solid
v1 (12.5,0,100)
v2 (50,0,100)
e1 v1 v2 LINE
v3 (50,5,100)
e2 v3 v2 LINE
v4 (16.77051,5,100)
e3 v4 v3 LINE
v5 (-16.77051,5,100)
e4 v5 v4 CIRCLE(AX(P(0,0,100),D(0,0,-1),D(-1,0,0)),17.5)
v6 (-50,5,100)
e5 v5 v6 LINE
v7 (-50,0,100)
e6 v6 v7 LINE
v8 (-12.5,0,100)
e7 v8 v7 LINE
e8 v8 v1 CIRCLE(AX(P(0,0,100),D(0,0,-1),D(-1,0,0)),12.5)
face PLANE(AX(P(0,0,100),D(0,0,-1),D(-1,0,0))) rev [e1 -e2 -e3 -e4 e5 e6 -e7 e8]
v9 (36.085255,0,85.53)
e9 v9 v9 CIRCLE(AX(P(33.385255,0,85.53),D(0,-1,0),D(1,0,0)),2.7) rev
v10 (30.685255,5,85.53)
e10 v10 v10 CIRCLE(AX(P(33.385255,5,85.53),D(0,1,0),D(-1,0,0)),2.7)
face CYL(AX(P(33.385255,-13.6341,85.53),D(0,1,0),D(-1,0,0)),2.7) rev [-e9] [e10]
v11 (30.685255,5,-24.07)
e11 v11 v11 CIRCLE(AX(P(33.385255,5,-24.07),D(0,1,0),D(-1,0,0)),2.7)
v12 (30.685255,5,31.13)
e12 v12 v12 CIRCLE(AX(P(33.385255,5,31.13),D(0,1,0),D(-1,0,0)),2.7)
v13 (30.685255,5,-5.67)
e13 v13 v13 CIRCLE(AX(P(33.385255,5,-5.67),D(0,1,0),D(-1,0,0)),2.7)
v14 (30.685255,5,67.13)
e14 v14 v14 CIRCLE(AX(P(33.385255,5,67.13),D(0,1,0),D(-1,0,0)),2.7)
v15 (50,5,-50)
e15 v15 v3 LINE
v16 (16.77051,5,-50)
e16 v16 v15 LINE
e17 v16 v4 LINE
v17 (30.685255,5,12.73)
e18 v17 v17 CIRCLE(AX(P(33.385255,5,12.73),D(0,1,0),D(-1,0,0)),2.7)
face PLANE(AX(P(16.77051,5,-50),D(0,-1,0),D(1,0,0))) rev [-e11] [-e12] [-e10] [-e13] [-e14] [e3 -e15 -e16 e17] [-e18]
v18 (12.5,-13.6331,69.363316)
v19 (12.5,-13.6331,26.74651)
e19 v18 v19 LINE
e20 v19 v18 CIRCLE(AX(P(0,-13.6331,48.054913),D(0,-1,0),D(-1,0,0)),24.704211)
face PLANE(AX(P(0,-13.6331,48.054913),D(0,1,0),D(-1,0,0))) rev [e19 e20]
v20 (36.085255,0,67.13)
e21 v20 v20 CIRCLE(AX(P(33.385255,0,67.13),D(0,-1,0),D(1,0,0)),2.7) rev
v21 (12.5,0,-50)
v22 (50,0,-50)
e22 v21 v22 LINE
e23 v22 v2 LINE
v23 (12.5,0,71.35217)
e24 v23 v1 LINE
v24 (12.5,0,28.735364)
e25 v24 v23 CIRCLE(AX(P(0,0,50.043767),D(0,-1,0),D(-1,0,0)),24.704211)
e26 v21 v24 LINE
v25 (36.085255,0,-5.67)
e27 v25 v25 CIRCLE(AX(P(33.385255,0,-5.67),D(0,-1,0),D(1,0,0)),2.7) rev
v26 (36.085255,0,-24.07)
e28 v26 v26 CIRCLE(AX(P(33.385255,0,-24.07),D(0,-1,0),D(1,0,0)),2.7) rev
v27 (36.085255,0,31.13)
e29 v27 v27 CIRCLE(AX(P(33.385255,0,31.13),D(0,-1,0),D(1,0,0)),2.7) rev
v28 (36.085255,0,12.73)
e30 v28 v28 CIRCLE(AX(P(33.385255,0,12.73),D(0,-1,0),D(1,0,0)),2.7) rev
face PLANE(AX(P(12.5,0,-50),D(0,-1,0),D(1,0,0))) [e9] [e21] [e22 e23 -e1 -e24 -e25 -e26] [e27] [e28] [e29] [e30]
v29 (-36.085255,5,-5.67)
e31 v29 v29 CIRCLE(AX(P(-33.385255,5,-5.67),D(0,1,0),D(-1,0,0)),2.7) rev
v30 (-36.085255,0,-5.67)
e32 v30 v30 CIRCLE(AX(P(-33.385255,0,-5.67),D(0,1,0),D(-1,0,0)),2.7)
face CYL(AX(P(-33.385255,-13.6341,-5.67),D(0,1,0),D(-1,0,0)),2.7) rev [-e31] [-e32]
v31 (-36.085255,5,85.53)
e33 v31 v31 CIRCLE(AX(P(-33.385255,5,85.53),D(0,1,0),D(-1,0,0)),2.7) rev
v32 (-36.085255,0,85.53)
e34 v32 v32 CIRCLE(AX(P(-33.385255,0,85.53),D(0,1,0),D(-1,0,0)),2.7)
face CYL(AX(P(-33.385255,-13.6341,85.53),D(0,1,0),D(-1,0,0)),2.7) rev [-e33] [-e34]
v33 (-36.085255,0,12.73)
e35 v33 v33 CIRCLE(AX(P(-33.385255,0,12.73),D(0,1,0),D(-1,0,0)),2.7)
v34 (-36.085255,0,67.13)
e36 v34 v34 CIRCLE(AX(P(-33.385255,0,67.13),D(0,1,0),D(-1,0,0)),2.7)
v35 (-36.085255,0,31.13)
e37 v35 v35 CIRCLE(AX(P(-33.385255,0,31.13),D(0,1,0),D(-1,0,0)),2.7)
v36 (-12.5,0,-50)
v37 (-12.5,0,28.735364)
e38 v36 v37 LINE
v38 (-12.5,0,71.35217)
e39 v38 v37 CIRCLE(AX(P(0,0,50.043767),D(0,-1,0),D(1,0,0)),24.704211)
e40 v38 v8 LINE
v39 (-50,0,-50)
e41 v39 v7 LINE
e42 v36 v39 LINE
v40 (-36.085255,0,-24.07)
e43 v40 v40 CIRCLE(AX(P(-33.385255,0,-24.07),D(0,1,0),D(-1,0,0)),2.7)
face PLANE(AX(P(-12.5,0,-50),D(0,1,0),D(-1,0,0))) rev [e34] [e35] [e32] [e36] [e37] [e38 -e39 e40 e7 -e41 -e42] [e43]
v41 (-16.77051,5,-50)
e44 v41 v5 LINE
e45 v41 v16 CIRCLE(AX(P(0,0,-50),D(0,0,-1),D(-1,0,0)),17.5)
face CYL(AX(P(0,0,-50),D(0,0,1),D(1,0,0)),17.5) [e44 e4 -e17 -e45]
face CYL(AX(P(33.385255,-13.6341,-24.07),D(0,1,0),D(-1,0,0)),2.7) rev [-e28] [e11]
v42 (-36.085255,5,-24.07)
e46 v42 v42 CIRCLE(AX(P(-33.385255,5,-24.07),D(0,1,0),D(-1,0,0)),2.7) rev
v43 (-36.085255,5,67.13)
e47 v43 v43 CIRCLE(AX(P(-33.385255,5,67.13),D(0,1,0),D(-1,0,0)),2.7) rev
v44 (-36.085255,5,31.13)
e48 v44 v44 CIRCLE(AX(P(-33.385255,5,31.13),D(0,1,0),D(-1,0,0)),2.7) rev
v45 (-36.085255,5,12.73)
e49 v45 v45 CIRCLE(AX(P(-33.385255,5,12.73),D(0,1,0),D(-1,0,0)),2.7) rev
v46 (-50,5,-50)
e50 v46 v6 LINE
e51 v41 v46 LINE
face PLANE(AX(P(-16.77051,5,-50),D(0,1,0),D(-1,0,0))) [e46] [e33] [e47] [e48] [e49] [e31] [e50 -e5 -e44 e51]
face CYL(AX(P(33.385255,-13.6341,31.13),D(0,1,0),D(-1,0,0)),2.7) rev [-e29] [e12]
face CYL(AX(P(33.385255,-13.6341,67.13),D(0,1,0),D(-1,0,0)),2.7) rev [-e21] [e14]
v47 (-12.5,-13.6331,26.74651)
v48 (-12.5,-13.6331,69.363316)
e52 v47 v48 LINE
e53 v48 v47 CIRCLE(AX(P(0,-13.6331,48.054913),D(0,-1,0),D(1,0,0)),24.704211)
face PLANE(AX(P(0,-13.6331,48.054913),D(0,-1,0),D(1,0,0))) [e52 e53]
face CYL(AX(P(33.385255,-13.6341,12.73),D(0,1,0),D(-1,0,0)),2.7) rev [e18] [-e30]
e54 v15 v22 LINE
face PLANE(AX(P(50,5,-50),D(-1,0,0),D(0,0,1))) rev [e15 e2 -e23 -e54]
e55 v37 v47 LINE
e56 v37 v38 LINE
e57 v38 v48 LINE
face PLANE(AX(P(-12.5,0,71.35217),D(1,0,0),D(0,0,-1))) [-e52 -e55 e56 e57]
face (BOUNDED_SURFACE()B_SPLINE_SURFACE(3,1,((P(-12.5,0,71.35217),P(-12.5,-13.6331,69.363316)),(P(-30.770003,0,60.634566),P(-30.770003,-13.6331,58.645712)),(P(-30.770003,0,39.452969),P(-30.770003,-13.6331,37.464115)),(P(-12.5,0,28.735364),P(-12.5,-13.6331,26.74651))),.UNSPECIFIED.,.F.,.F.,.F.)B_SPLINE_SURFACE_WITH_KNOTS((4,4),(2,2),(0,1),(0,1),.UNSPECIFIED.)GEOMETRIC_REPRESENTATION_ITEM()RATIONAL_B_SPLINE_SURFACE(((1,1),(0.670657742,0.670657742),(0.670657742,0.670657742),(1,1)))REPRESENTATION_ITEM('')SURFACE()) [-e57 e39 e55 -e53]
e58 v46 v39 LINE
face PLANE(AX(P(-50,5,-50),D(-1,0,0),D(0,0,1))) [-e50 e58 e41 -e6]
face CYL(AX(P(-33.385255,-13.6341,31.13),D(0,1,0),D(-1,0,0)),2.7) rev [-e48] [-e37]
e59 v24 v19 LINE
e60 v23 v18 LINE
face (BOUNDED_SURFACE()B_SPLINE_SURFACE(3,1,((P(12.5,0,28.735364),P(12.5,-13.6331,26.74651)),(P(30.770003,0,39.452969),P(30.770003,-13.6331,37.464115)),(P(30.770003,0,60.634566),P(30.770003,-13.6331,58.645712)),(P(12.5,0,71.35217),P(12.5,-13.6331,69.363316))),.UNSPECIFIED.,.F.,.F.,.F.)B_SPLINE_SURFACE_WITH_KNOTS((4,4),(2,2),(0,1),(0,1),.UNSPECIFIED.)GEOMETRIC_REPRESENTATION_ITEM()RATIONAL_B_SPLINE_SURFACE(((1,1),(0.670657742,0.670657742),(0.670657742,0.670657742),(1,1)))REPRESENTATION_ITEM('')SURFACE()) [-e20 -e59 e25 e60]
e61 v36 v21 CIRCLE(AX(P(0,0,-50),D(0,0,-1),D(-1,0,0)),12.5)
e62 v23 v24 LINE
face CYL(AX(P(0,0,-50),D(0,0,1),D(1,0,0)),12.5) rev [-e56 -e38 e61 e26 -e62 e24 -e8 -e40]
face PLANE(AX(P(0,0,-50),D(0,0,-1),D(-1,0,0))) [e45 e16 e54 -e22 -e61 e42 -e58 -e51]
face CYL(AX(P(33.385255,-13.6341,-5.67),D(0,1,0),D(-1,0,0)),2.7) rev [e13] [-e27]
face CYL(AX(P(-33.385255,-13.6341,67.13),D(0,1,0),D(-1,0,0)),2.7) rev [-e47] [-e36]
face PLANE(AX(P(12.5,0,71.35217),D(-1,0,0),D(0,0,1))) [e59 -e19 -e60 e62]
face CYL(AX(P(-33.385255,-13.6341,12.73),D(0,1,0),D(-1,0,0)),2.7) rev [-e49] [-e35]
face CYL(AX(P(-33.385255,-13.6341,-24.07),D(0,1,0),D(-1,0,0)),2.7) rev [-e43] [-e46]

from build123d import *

# Parameters (mm, degrees)
BOSS_EXTRUDE1_DEPTH      = 100
BOSS_EXTRUDE1_DEPTH_BACK = 50
CUT_EXTRUDE2_REACH       = 115.345
SKETCH6_R                = 2.7


with BuildPart() as part:
    # Sketch1 → Boss-Extrude1 (new, two sides: drawn at the far end of the back side and taken through both)
    with BuildSketch(Plane.XY.offset(-BOSS_EXTRUDE1_DEPTH_BACK)):
        with BuildLine():
            Line((-12.5, 0), (-50, 0))
            Line((-50, 0), (-50, 5))
            Line((-50, 5), (-16.770509831, 5))
            ThreePointArc((-16.770509831, 5), (0, 17.5), (16.770509831, 5))
            Line((16.770509831, 5), (50, 5))
            Line((50, 5), (50, 0))
            Line((50, 0), (12.5, 0))
            ThreePointArc((12.5, 0), (0, 12.5), (-12.5, 0))
        make_face()
    extrude(amount=BOSS_EXTRUDE1_DEPTH + BOSS_EXTRUDE1_DEPTH_BACK)

    # Sweep1: sweep along a path in Sketch4
    with BuildLine(Plane.ZY.offset(12.5)) as sweep1_path:
        Line((50.0437673, 0), (48.0549131, -13.633099982))
    # Sketch3 → Sweep1 (sweep)
    with BuildSketch(Plane.XZ):
        with BuildLine():
            Line((-12.5, 71.352170208), (-12.5, 28.735364392))
            ThreePointArc((-12.5, 28.735364392), (-24.704210866, 50.0437673), (-12.5, 71.352170208))
        make_face()
        with BuildLine():
            Line((12.5, 71.352170208), (12.5, 28.735364392))
            ThreePointArc((12.5, 28.735364392), (24.704210866, 50.0437673), (12.5, 71.352170208))
        make_face()
    sweep(path=sweep1_path.line)

    # Sketch6 → Cut-Extrude2 (cut, up to next)
    with BuildSketch(Plane(origin=(0, 5, 0), x_dir=(1, 0, 0), z_dir=(0, 1, 0)), mode=Mode.PRIVATE) as cut_extrude2_sk1:
        with Locations(Location((-33.385254916, 24.07, 0), (0, 0, 180))):
            Circle(SKETCH6_R)
    cut_extrude2_tool1 = extrude(cut_extrude2_sk1.sketch, amount=-CUT_EXTRUDE2_REACH, mode=Mode.PRIVATE) & part.part
    # Sketch6 → Cut-Extrude2 (cut, up to next)
    with BuildSketch(Plane(origin=(0, 5, 0), x_dir=(1, 0, 0), z_dir=(0, 1, 0)), mode=Mode.PRIVATE) as cut_extrude2_sk2:
        with Locations(Location((-33.385254916, 5.67, 0), (0, 0, 180))):
            Circle(SKETCH6_R)
    cut_extrude2_tool2 = extrude(cut_extrude2_sk2.sketch, amount=-CUT_EXTRUDE2_REACH, mode=Mode.PRIVATE) & part.part
    # Sketch6 → Cut-Extrude2 (cut, up to next)
    with BuildSketch(Plane(origin=(0, 5, 0), x_dir=(1, 0, 0), z_dir=(0, 1, 0)), mode=Mode.PRIVATE) as cut_extrude2_sk3:
        with Locations(Location((-33.385254916, -12.73, 0), (0, 0, 180))):
            Circle(SKETCH6_R)
    cut_extrude2_tool3 = extrude(cut_extrude2_sk3.sketch, amount=-CUT_EXTRUDE2_REACH, mode=Mode.PRIVATE) & part.part
    # Sketch6 → Cut-Extrude2 (cut, up to next)
    with BuildSketch(Plane(origin=(0, 5, 0), x_dir=(1, 0, 0), z_dir=(0, 1, 0)), mode=Mode.PRIVATE) as cut_extrude2_sk4:
        with Locations(Location((-33.385254916, -31.13, 0), (0, 0, 180))):
            Circle(SKETCH6_R)
    cut_extrude2_tool4 = extrude(cut_extrude2_sk4.sketch, amount=-CUT_EXTRUDE2_REACH, mode=Mode.PRIVATE) & part.part
    # Sketch6 → Cut-Extrude2 (cut, up to next)
    with BuildSketch(Plane(origin=(0, 5, 0), x_dir=(1, 0, 0), z_dir=(0, 1, 0)), mode=Mode.PRIVATE) as cut_extrude2_sk5:
        with Locations(Location((-33.385254916, -67.13, 0), (0, 0, 180))):
            Circle(SKETCH6_R)
    cut_extrude2_tool5 = extrude(cut_extrude2_sk5.sketch, amount=-CUT_EXTRUDE2_REACH, mode=Mode.PRIVATE) & part.part
    # Sketch6 → Cut-Extrude2 (cut, up to next)
    with BuildSketch(Plane(origin=(0, 5, 0), x_dir=(1, 0, 0), z_dir=(0, 1, 0)), mode=Mode.PRIVATE) as cut_extrude2_sk6:
        with Locations(Location((-33.385254916, -85.53, 0), (0, 0, 180))):
            Circle(SKETCH6_R)
    cut_extrude2_tool6 = extrude(cut_extrude2_sk6.sketch, amount=-CUT_EXTRUDE2_REACH, mode=Mode.PRIVATE) & part.part
    # Sketch6 → Cut-Extrude2 (cut, up to next)
    with BuildSketch(Plane(origin=(0, 5, 0), x_dir=(1, 0, 0), z_dir=(0, 1, 0)), mode=Mode.PRIVATE) as cut_extrude2_sk7:
        with Locations(Location((33.385254916, 24.07, 0), (0, 0, 180))):
            Circle(SKETCH6_R)
    cut_extrude2_tool7 = extrude(cut_extrude2_sk7.sketch, amount=-CUT_EXTRUDE2_REACH, mode=Mode.PRIVATE) & part.part
    # Sketch6 → Cut-Extrude2 (cut, up to next)
    with BuildSketch(Plane(origin=(0, 5, 0), x_dir=(1, 0, 0), z_dir=(0, 1, 0)), mode=Mode.PRIVATE) as cut_extrude2_sk8:
        with Locations(Location((33.385254916, 5.67, 0), (0, 0, 180))):
            Circle(SKETCH6_R)
    cut_extrude2_tool8 = extrude(cut_extrude2_sk8.sketch, amount=-CUT_EXTRUDE2_REACH, mode=Mode.PRIVATE) & part.part
    # Sketch6 → Cut-Extrude2 (cut, up to next)
    with BuildSketch(Plane(origin=(0, 5, 0), x_dir=(1, 0, 0), z_dir=(0, 1, 0)), mode=Mode.PRIVATE) as cut_extrude2_sk9:
        with Locations(Location((33.385254916, -31.13, 0), (0, 0, 180))):
            Circle(SKETCH6_R)
    cut_extrude2_tool9 = extrude(cut_extrude2_sk9.sketch, amount=-CUT_EXTRUDE2_REACH, mode=Mode.PRIVATE) & part.part
    # Sketch6 → Cut-Extrude2 (cut, up to next)
    with BuildSketch(Plane(origin=(0, 5, 0), x_dir=(1, 0, 0), z_dir=(0, 1, 0)), mode=Mode.PRIVATE) as cut_extrude2_sk10:
        with Locations(Location((33.385254916, -67.13, 0), (0, 0, 180))):
            Circle(SKETCH6_R)
    cut_extrude2_tool10 = extrude(cut_extrude2_sk10.sketch, amount=-CUT_EXTRUDE2_REACH, mode=Mode.PRIVATE) & part.part
    # Sketch6 → Cut-Extrude2 (cut, up to next)
    with BuildSketch(Plane(origin=(0, 5, 0), x_dir=(1, 0, 0), z_dir=(0, 1, 0)), mode=Mode.PRIVATE) as cut_extrude2_sk11:
        with Locations(Location((33.385254916, -85.53, 0), (0, 0, 180))):
            Circle(SKETCH6_R)
    cut_extrude2_tool11 = extrude(cut_extrude2_sk11.sketch, amount=-CUT_EXTRUDE2_REACH, mode=Mode.PRIVATE) & part.part
    # Sketch6 → Cut-Extrude2 (cut, up to next)
    with BuildSketch(Plane(origin=(0, 5, 0), x_dir=(1, 0, 0), z_dir=(0, 1, 0)), mode=Mode.PRIVATE) as cut_extrude2_sk12:
        with Locations(Location((33.385254916, -12.73, 0), (0, 0, 180))):
            Circle(SKETCH6_R)
    cut_extrude2_tool12 = extrude(cut_extrude2_sk12.sketch, amount=-CUT_EXTRUDE2_REACH, mode=Mode.PRIVATE) & part.part
    add(cut_extrude2_tool1.solids().sort_by_distance((-33.385255, 5, -24.07))[0], mode=Mode.SUBTRACT)
    add(cut_extrude2_tool2.solids().sort_by_distance((-33.385255, 5, -5.67))[0], mode=Mode.SUBTRACT)
    add(cut_extrude2_tool3.solids().sort_by_distance((-33.385255, 5, 12.73))[0], mode=Mode.SUBTRACT)
    add(cut_extrude2_tool4.solids().sort_by_distance((-33.385255, 5, 31.13))[0], mode=Mode.SUBTRACT)
    add(cut_extrude2_tool5.solids().sort_by_distance((-33.385255, 5, 67.13))[0], mode=Mode.SUBTRACT)
    add(cut_extrude2_tool6.solids().sort_by_distance((-33.385255, 5, 85.53))[0], mode=Mode.SUBTRACT)
    add(cut_extrude2_tool7.solids().sort_by_distance((33.385255, 5, -24.07))[0], mode=Mode.SUBTRACT)
    add(cut_extrude2_tool8.solids().sort_by_distance((33.385255, 5, -5.67))[0], mode=Mode.SUBTRACT)
    add(cut_extrude2_tool9.solids().sort_by_distance((33.385255, 5, 31.13))[0], mode=Mode.SUBTRACT)
    add(cut_extrude2_tool10.solids().sort_by_distance((33.385255, 5, 67.13))[0], mode=Mode.SUBTRACT)
    add(cut_extrude2_tool11.solids().sort_by_distance((33.385255, 5, 85.53))[0], mode=Mode.SUBTRACT)
    add(cut_extrude2_tool12.solids().sort_by_distance((33.385255, 5, 12.73))[0], mode=Mode.SUBTRACT)


solid = part.part
